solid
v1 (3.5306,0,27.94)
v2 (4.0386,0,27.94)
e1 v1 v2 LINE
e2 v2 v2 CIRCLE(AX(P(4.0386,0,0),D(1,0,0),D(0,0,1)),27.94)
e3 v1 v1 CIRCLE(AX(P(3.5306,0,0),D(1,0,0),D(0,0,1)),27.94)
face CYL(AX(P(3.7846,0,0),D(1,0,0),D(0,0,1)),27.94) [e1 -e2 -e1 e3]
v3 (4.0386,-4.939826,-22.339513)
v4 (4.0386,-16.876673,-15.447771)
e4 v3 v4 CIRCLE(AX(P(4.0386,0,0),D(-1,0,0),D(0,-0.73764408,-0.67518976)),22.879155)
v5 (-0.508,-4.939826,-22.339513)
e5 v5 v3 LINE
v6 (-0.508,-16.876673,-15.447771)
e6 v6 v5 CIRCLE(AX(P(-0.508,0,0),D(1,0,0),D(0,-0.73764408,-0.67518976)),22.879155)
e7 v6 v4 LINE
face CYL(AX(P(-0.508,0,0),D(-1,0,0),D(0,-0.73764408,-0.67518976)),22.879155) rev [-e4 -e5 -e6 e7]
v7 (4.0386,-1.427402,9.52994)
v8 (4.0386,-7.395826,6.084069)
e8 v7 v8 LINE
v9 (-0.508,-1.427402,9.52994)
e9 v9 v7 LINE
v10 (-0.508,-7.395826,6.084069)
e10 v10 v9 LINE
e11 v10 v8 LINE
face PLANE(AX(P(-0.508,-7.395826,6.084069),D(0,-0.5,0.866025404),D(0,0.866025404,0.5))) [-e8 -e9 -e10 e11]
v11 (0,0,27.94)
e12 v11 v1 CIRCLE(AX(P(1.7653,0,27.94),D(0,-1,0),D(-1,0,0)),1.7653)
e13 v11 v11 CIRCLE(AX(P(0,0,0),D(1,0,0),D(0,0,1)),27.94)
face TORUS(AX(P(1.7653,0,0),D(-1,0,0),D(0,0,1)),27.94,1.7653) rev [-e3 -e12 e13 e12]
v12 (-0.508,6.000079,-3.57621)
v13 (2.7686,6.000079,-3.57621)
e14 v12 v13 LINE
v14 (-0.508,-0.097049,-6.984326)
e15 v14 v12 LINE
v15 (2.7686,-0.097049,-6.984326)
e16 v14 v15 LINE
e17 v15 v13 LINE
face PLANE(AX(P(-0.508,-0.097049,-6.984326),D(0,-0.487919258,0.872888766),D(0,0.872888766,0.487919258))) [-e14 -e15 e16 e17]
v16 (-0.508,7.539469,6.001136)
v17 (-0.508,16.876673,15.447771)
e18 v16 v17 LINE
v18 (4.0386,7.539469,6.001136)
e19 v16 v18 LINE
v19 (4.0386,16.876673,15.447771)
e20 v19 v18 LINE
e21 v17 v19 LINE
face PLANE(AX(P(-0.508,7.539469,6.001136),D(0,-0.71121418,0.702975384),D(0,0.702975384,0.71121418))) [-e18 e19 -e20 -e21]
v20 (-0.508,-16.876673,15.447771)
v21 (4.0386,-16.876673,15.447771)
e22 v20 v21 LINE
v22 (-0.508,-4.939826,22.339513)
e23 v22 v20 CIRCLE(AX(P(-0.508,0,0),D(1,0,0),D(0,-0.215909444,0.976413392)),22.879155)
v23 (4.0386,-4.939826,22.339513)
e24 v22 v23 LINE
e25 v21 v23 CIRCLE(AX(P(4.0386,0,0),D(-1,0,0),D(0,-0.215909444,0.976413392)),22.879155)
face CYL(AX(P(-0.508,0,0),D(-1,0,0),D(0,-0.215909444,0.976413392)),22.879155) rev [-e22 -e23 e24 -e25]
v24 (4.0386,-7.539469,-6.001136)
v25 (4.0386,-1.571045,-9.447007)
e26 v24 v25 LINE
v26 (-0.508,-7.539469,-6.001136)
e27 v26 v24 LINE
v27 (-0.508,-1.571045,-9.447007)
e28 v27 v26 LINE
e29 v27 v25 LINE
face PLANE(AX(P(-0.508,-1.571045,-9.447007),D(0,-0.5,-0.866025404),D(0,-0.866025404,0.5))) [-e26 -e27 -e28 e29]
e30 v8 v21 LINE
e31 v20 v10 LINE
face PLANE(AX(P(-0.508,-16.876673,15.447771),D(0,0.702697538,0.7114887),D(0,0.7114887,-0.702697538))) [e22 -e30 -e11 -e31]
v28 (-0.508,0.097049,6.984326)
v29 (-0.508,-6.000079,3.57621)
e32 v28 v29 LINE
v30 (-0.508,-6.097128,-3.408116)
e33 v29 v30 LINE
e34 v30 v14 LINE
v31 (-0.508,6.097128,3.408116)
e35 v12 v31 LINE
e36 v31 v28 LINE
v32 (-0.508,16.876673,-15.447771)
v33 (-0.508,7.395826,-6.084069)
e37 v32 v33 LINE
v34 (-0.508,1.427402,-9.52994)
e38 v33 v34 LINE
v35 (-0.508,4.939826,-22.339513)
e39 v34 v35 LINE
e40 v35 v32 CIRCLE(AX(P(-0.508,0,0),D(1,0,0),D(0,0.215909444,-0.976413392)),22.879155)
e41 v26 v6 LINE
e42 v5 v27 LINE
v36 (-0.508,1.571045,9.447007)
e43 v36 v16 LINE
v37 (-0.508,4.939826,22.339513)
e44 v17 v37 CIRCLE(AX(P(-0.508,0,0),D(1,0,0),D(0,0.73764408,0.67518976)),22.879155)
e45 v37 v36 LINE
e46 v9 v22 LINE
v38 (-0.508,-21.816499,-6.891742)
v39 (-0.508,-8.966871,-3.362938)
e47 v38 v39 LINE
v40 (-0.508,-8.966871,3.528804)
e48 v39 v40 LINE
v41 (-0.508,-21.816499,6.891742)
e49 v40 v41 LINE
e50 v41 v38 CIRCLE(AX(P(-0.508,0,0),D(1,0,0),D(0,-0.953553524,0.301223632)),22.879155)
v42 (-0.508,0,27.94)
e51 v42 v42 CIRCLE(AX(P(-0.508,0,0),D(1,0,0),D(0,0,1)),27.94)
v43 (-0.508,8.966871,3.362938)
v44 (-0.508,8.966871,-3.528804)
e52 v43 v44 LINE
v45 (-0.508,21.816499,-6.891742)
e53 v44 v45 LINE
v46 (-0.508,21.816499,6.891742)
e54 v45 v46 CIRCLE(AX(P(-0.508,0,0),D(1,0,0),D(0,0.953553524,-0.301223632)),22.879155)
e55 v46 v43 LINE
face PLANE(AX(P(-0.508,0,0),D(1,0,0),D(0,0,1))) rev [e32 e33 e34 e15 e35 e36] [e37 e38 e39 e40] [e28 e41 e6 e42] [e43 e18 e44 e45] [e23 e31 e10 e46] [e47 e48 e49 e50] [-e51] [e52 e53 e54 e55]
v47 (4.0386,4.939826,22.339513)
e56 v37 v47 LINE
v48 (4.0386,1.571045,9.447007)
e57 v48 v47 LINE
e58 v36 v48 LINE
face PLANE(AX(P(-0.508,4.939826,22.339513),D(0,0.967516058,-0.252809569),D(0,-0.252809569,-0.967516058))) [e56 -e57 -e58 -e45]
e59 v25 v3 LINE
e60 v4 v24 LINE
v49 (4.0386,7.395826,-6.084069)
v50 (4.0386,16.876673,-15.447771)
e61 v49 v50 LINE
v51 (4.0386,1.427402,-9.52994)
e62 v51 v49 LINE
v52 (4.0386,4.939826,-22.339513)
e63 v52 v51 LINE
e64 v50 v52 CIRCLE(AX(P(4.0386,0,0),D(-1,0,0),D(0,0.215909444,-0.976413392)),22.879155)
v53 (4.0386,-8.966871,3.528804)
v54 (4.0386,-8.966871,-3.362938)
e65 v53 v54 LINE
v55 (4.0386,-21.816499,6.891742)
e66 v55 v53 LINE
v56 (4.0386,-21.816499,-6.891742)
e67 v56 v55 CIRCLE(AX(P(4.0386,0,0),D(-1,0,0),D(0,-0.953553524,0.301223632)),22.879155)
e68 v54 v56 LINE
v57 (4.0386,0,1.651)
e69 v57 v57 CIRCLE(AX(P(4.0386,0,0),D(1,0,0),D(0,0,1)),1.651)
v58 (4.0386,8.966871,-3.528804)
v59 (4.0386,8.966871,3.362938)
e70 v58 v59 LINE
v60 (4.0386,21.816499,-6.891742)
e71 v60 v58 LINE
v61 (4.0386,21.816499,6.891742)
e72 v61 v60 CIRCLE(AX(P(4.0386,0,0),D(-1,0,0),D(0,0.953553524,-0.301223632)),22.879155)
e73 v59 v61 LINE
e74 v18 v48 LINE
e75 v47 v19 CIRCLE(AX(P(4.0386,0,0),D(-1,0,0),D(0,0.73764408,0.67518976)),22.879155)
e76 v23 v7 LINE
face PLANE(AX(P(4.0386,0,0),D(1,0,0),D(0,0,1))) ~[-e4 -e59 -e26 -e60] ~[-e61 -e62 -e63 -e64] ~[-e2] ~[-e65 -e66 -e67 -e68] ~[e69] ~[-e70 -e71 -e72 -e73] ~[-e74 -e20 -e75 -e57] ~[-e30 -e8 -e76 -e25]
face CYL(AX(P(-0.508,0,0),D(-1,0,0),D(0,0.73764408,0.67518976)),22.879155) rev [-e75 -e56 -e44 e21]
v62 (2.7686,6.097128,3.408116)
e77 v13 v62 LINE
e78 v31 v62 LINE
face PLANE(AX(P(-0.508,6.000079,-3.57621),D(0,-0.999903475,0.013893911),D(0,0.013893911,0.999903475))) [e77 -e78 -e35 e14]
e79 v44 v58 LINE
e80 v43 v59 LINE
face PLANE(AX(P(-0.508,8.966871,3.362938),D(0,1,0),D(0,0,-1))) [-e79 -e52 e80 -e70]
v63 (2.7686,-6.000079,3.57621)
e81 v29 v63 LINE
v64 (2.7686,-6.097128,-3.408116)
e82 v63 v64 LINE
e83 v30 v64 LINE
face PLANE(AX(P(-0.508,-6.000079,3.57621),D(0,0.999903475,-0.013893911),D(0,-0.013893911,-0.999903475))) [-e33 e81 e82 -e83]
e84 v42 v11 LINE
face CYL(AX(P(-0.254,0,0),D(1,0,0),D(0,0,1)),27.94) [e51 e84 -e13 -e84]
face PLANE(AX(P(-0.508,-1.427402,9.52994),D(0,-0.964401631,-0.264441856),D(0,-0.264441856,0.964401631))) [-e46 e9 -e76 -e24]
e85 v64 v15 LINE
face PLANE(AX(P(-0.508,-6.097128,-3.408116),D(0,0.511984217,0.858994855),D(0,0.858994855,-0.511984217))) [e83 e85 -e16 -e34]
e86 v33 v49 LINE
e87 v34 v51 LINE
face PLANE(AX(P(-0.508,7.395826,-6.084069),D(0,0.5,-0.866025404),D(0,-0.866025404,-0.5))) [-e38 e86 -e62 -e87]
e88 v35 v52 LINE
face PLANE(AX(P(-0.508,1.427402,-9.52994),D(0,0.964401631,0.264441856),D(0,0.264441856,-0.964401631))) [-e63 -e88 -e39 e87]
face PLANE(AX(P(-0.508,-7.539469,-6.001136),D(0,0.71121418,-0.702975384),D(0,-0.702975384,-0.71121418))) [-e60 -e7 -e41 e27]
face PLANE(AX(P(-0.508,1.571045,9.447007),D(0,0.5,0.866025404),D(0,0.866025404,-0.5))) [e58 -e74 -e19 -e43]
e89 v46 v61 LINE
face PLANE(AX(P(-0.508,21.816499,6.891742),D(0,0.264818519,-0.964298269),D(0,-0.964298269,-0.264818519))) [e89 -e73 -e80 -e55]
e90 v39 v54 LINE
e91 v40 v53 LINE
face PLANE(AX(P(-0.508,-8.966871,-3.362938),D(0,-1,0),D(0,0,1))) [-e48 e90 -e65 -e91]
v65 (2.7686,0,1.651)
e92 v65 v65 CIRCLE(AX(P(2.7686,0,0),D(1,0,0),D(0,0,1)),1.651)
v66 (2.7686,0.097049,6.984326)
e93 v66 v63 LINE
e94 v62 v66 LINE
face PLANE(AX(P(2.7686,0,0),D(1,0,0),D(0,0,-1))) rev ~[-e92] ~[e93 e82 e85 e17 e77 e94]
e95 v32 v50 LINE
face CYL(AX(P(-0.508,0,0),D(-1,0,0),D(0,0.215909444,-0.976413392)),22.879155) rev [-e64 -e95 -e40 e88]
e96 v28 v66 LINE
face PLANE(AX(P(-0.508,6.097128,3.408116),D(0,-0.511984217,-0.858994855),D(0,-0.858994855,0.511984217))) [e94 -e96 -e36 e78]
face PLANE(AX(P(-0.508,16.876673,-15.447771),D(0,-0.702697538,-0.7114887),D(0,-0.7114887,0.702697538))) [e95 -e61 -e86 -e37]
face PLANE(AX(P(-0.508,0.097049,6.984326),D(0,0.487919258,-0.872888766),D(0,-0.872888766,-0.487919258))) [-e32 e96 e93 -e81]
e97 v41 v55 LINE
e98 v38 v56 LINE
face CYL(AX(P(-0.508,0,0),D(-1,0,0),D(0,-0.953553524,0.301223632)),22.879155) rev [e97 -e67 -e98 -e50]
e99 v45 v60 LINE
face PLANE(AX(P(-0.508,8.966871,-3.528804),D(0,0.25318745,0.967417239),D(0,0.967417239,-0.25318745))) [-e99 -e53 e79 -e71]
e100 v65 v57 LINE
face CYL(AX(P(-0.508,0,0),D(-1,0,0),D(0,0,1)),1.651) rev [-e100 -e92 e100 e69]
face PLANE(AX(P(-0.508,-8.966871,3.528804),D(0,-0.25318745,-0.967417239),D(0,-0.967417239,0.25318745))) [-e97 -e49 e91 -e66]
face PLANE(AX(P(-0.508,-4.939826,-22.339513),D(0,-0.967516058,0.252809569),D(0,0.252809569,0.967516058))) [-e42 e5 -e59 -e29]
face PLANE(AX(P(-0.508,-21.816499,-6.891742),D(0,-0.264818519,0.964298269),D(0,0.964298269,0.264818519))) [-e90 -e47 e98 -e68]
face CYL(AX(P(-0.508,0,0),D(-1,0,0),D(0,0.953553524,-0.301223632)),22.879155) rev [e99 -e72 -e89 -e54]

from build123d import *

# Parameters (mm, degrees)
SKETCH2_W          = 0.508
SKETCH2_H          = 27.94
CUT_EXTRUDE1_REACH = 41.774
SKETCH3_R          = 1.651
CIRPATTERN1_COUNT  = 6
SKETCH3_3_R        = 1.651
CUT_EXTRUDE2_DEPTH = 3.2766


with BuildPart() as part:
    # Sketch2 → Revolve1 (revolve)
    with BuildSketch(Plane.XY, mode=Mode.PRIVATE) as revolve1_sk:
        with Locations((-0.254, 13.97)):
            Rectangle(SKETCH2_W, SKETCH2_H)
        with BuildLine():
            ThreePointArc((0, 27.94), (1.7653, 26.1747), (3.5306, 27.94))
            Line((3.5306, 27.94), (3.5306, 0))
            Line((3.5306, 0), (0, 0))
            Line((0, 0), (0, 27.94))
        make_face()
        with Locations((3.7846, 13.97)):
            Rectangle(SKETCH2_W, SKETCH2_H)
    revolve(revolve1_sk.sketch.rotate(Axis((0, 0, 0), (1, 0, 0)), 90), axis=Axis((0, 0, 0), (1, 0, 0)))

    # Sketch3 → Cut-Extrude1 (cut, up to next)
    with BuildSketch(Plane(origin=(-0.508, 0, 0), x_dir=(0, 0, -1), z_dir=(1, 0, 0)), mode=Mode.PRIVATE) as cut_extrude1_sk1:
        with BuildLine():
            ThreePointArc((6.891742224, 21.816499024), (0, 22.879155153), (-6.891742224, 21.816499024))
            Line((-6.891742224, 21.816499024), (-3.362938361, 8.966871047))
            Line((-3.362938361, 8.966871047), (3.528803863, 8.966871047))
            Line((3.528803863, 8.966871047), (6.891742224, 21.816499024))
        make_face()
    cut_extrude1_tool1 = extrude(cut_extrude1_sk1.sketch, amount=CUT_EXTRUDE1_REACH, mode=Mode.PRIVATE) & part.part
    # Sketch3 → Cut-Extrude1 (cut, up to next)
    with BuildSketch(Plane(origin=(-0.508, 0, 0), x_dir=(0, 0, -1), z_dir=(1, 0, 0)), mode=Mode.PRIVATE) as cut_extrude1_sk2:
        with Locations(Location((0, 0, 0), (0, 0, 180))):
            Circle(SKETCH3_R)
    cut_extrude1_tool2 = extrude(cut_extrude1_sk2.sketch, amount=CUT_EXTRUDE1_REACH, mode=Mode.PRIVATE) & part.part
    cut_extrude1_1 = cut_extrude1_tool1.solids().sort_by_distance((-0.508, 16.527641, -0.034324))[0]
    add(cut_extrude1_1, mode=Mode.SUBTRACT)
    cut_extrude1_2 = cut_extrude1_tool2.solids().sort_by_distance((-0.508, 0, 0))[0]
    add(cut_extrude1_2, mode=Mode.SUBTRACT)
    cut_extrude1 = cut_extrude1_1 + cut_extrude1_2  # Cut-Extrude1 as one shape, for the pattern or mirror that repeats it

    # CirPattern1: Cut-Extrude1 ×6 about axis
    cirpattern1_axis = Axis((0, 0, 0), (1, 0, 0))
    for i in range(1, CIRPATTERN1_COUNT):
        add(cut_extrude1.rotate(cirpattern1_axis, i * 360 / CIRPATTERN1_COUNT), mode=Mode.SUBTRACT)

    # Sketch3<3> → Cut-Extrude2 (cut)
    with BuildSketch(Plane(origin=(-0.508, 0, 0), x_dir=(0, 0, -1), z_dir=(1, 0, 0))):
        Polygon((6.984325773, -0.097048964), (3.576209755, 6.000079065), (-3.408116018, 6.09712803), (-6.984325773, 0.097048964), (-3.576209755, -6.000079065), (3.408116018, -6.09712803), align=None)
        Circle(SKETCH3_3_R, mode=Mode.SUBTRACT)
    extrude(amount=CUT_EXTRUDE2_DEPTH, mode=Mode.SUBTRACT)


solid = part.part
